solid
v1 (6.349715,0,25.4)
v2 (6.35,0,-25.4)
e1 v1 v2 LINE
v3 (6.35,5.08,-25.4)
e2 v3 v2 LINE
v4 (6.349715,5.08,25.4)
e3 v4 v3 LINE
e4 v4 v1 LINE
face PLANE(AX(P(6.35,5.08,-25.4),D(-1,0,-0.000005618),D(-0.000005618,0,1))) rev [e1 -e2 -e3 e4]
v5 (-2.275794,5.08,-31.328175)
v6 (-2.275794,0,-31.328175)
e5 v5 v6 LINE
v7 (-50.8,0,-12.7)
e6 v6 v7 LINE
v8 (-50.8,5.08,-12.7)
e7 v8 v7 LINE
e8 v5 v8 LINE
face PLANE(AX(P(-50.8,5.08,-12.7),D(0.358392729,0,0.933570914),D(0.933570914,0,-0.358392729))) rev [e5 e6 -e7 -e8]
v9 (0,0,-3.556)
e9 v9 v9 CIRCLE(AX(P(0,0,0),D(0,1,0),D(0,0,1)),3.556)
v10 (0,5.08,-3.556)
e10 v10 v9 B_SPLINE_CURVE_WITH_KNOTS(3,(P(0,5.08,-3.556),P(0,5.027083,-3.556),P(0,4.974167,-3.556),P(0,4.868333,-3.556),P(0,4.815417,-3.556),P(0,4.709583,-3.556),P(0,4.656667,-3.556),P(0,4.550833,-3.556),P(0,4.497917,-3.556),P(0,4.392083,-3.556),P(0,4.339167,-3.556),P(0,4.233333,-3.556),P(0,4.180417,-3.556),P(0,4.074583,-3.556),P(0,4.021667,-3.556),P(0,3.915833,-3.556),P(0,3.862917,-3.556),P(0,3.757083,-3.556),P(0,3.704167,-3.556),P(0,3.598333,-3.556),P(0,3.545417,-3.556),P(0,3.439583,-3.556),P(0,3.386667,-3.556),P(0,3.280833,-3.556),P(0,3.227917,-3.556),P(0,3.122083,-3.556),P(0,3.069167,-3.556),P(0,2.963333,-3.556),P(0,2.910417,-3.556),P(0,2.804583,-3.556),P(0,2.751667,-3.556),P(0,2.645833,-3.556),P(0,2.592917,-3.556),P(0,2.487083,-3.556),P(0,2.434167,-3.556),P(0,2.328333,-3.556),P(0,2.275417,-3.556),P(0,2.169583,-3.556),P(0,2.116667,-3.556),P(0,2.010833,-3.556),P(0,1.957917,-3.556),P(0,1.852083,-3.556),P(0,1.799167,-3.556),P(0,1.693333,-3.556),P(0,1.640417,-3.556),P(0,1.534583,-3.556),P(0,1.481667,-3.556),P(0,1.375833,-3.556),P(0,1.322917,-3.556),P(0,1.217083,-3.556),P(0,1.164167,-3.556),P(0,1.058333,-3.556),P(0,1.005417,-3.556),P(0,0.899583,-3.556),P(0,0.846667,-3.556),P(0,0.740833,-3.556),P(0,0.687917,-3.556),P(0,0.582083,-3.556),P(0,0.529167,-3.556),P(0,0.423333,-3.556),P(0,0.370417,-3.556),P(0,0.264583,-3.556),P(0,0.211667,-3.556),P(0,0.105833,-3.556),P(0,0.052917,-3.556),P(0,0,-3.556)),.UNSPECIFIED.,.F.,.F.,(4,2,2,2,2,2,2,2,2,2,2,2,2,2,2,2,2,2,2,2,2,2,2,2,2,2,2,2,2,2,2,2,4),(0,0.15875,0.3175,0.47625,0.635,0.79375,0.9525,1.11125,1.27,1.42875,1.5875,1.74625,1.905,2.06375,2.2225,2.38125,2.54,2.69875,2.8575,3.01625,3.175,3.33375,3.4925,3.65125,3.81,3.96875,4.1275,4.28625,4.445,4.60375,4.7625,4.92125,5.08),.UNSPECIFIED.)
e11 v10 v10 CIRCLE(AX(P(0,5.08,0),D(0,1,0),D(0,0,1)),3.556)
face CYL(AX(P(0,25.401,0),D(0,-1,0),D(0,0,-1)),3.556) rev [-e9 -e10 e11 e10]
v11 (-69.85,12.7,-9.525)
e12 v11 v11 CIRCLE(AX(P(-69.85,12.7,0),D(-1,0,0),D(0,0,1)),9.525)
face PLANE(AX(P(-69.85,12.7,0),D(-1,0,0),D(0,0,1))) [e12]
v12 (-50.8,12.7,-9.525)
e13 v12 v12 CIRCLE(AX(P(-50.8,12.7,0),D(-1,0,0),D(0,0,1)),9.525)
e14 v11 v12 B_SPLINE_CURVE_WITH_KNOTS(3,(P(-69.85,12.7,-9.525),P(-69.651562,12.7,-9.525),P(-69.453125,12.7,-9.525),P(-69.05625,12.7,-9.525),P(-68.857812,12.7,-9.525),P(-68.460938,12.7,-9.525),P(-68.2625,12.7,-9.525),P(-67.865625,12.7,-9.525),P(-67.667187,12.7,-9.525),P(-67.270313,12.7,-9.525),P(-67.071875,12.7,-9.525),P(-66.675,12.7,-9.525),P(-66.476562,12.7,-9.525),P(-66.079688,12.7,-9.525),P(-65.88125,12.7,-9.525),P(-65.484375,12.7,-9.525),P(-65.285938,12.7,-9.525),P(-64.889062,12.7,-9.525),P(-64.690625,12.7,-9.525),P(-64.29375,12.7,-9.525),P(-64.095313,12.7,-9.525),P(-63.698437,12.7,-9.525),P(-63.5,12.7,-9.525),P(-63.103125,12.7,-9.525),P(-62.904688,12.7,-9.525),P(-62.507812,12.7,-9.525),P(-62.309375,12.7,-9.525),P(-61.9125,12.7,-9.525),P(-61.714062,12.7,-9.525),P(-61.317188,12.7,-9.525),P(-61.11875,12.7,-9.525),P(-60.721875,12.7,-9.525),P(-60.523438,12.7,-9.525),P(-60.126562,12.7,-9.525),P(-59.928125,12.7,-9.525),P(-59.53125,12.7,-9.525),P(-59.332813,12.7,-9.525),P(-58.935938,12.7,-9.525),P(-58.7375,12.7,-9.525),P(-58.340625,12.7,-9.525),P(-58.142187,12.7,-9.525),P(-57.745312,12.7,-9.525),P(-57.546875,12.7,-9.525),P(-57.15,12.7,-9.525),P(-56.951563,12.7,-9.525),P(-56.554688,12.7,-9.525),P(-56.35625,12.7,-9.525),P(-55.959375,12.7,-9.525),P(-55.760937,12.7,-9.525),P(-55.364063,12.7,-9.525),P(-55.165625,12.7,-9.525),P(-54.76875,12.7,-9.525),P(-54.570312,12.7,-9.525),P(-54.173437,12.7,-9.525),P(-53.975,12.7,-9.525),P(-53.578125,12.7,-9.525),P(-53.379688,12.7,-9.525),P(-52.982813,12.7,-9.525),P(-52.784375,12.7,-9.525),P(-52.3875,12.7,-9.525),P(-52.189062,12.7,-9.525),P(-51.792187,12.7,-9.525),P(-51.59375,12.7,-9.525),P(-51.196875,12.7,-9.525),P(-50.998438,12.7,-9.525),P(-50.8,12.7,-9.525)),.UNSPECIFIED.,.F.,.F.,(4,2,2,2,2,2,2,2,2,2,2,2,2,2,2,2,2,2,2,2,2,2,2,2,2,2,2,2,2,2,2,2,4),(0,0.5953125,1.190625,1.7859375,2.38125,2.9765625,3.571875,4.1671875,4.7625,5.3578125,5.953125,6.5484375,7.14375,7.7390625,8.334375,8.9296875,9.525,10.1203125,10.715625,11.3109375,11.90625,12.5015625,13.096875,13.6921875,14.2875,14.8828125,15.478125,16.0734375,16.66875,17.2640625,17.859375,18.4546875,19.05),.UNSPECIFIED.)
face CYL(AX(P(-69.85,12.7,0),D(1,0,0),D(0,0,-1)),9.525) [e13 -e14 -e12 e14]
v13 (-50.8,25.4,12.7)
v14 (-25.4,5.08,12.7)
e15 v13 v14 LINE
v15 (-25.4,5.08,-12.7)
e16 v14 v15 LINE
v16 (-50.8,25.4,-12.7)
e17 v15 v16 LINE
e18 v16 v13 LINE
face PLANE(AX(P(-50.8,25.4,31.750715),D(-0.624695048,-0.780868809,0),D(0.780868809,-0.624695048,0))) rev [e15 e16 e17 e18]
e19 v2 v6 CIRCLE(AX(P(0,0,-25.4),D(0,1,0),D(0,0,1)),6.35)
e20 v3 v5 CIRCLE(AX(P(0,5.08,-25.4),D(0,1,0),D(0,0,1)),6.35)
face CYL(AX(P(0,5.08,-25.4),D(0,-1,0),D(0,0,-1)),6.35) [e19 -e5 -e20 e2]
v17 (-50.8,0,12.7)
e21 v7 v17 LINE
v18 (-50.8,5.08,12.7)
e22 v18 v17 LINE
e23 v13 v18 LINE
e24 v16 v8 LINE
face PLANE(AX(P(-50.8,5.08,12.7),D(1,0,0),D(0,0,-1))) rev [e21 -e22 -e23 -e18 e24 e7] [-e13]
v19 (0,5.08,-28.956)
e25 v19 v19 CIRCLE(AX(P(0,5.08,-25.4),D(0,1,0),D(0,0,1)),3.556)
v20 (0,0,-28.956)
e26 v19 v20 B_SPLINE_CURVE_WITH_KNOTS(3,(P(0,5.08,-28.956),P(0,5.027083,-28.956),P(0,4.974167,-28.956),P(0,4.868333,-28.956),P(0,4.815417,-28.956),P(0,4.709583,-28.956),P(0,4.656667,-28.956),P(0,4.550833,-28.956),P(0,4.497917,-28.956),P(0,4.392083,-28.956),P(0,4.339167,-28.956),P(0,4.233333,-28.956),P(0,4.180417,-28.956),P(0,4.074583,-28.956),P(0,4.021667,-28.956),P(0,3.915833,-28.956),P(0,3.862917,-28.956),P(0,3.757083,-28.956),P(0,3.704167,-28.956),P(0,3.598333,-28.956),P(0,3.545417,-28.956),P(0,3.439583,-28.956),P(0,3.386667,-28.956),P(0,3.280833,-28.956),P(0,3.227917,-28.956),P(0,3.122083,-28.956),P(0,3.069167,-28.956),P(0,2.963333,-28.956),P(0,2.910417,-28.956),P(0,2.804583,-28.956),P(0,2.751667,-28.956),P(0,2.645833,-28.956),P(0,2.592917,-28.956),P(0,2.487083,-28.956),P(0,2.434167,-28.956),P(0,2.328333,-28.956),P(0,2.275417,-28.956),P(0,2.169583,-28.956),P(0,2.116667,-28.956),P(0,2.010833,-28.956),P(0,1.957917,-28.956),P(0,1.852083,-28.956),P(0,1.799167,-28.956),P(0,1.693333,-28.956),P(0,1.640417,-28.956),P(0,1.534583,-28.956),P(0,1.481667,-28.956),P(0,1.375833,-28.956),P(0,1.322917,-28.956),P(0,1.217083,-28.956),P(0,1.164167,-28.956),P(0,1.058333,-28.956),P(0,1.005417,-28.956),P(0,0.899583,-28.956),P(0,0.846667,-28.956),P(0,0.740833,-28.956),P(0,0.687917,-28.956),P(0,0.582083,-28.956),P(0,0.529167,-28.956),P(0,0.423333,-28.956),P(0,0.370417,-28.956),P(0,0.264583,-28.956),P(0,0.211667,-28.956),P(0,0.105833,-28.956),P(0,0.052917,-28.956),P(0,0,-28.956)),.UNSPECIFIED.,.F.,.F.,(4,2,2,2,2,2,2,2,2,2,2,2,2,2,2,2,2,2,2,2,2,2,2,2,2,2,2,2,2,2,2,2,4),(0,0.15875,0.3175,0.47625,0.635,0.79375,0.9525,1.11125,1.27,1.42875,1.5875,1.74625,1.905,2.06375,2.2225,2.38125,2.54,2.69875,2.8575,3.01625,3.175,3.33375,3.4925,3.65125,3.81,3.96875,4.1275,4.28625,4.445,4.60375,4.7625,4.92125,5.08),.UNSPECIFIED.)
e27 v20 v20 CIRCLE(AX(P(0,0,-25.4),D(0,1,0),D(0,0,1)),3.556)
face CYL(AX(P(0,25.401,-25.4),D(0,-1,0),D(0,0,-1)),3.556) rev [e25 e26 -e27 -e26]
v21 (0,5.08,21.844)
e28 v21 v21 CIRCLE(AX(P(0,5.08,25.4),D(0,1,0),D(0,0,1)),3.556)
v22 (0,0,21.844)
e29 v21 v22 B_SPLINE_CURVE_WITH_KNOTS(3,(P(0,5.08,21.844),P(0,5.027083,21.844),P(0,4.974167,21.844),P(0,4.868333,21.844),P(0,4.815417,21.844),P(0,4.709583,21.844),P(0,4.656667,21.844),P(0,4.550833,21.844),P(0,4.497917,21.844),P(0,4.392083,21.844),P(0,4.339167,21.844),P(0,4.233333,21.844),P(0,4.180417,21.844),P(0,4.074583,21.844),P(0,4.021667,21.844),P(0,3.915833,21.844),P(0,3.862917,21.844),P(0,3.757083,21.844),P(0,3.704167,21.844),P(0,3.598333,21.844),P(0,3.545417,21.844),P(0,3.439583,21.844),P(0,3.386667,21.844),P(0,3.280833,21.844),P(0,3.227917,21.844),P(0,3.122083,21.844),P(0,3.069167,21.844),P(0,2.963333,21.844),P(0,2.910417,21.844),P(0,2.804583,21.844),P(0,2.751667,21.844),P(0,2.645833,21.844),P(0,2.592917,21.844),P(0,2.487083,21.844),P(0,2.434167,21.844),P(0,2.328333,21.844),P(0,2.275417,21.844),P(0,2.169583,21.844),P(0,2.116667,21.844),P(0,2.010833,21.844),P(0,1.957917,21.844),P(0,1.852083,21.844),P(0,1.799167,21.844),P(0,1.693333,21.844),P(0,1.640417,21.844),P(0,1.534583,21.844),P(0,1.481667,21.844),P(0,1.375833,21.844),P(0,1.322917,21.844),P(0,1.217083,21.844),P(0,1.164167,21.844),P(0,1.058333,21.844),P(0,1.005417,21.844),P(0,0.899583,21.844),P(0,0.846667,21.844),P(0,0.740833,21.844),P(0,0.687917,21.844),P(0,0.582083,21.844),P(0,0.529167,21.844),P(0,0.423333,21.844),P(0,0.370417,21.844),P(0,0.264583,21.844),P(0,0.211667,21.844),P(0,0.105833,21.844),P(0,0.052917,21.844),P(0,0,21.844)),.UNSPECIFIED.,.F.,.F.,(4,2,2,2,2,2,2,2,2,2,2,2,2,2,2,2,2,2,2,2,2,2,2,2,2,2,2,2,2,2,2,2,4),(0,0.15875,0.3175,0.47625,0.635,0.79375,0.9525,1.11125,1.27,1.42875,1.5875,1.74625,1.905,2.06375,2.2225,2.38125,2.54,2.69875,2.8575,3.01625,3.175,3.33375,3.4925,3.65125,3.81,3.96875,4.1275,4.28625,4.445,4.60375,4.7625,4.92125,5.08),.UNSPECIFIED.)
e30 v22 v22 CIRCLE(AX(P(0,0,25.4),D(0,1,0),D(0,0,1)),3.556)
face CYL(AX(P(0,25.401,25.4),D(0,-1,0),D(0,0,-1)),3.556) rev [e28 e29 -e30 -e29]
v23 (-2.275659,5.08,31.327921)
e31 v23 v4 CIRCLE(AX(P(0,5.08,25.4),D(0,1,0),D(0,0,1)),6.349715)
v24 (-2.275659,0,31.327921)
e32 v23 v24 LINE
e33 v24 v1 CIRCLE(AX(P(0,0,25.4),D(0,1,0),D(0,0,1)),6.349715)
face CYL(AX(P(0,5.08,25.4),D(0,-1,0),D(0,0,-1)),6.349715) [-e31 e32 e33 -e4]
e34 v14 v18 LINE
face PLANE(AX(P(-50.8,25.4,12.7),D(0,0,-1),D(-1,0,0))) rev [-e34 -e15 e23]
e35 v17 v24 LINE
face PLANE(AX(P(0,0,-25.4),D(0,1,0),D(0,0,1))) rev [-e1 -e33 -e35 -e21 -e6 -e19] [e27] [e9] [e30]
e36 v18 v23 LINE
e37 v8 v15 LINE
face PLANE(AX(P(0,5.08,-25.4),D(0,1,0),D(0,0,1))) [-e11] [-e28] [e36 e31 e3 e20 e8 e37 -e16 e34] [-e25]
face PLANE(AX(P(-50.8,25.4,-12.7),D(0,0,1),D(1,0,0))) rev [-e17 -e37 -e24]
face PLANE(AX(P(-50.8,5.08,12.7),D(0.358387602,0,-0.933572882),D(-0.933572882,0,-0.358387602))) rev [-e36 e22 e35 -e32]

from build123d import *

# Parameters (mm, degrees)
SKETCH2_W           = 25.4
SKETCH2_H           = 25.4
BOSS_EXTRUDE1_DEPTH = 25.4
BOSS_EXTRUDE2_DEPTH = 5.08
SKETCH5_R           = 3.556
CUT_EXTRUDE1_DEPTH  = 5.08
SKETCH6_R           = 3.556
CUT_EXTRUDE2_DEPTH  = 5.08
CUT_EXTRUDE3_DEPTH  = 25.4
SKETCH10_R          = 9.525
BOSS_EXTRUDE3_DEPTH = 19.05
CUT_EXTRUDE4_REACH  = 82.822
SKETCH12_R          = 3.556


with BuildPart() as part:
    # Sketch2 → Boss-Extrude1 (new body)
    with BuildSketch(Plane(origin=(0, 0, 0), x_dir=(1, 0, 0), z_dir=(0, 1, 0))):
        with Locations((-38.1, 0)):
            Rectangle(SKETCH2_W, SKETCH2_H)
    extrude(amount=BOSS_EXTRUDE1_DEPTH)

    # Sketch8 → Cut-Extrude3 (cut)
    with BuildSketch(Plane(origin=(0, 0, -12.7), x_dir=(-1, 0, 0), z_dir=(0, 0, -1))):
        Polygon((50.8, 25.4), (25.4, 5.08), (25.4, 25.4), align=None)
    extrude(amount=-CUT_EXTRUDE3_DEPTH, mode=Mode.SUBTRACT)



with BuildPart() as body_2:
    # Sketch4 → Boss-Extrude2 (new body)
    with BuildSketch(Plane(origin=(0, 0, 0), x_dir=(1, 0, 0), z_dir=(0, 1, 0))):
        with BuildLine():
            Line((-50.8, -12.7), (-2.275658989, -31.327921356))
            ThreePointArc((-2.275658989, -31.327921356), (3.596462869, -30.633003943), (6.349714595, -25.4))
            Line((6.349714595, -25.4), (6.35, 25.4))
            ThreePointArc((6.35, 25.4), (3.596610154, 30.633249029), (-2.275793827, 31.328175306))
            Line((-2.275793827, 31.328175306), (-50.8, 12.7))
            Line((-50.8, 12.7), (-50.8, -12.7))
        make_face()
    extrude(amount=BOSS_EXTRUDE2_DEPTH)

    # Sketch5 → Cut-Extrude1 (cut)
    with BuildSketch(Plane(origin=(0, 0, 0), x_dir=(1, 0, 0), z_dir=(0, 1, 0))):
        with Locations(Location((0, -25.4, 0), (0, 0, 90))):
            Circle(SKETCH5_R)
    extrude(amount=CUT_EXTRUDE1_DEPTH, mode=Mode.SUBTRACT)

    # Sketch6 → Cut-Extrude2 (cut)
    with BuildSketch(Plane(origin=(0, 0, 0), x_dir=(1, 0, 0), z_dir=(0, 1, 0))):
        with Locations(Location((0, 25.4, 0), (0, 0, 90))):
            Circle(SKETCH6_R)
    extrude(amount=CUT_EXTRUDE2_DEPTH, mode=Mode.SUBTRACT)


with BuildPart() as part_1:
    add(part.part)

    add(body_2.part)  # Boss-Extrude3 merges body 2
    # Sketch10 → Boss-Extrude3 (add)
    with BuildSketch(Plane.ZY.offset(50.8)):
        with Locations(Location((0, 12.7, 0), (0, 0, 180))):
            Circle(SKETCH10_R)
    extrude(amount=BOSS_EXTRUDE3_DEPTH)

    # Sketch12 → Cut-Extrude4 (cut, up to next)
    with BuildSketch(Plane(origin=(0, 0, 0), x_dir=(1, 0, 0), z_dir=(0, 1, 0)), mode=Mode.PRIVATE) as cut_extrude4_sk1:
        with Locations(Location((0, 0, 0), (0, 0, 90))):
            Circle(SKETCH12_R)
    cut_extrude4_tool1 = extrude(cut_extrude4_sk1.sketch, amount=CUT_EXTRUDE4_REACH, mode=Mode.PRIVATE) & part_1.part
    add(cut_extrude4_tool1.solids().sort_by_distance((0, 0, 0))[0], mode=Mode.SUBTRACT)


solid = part_1.part
